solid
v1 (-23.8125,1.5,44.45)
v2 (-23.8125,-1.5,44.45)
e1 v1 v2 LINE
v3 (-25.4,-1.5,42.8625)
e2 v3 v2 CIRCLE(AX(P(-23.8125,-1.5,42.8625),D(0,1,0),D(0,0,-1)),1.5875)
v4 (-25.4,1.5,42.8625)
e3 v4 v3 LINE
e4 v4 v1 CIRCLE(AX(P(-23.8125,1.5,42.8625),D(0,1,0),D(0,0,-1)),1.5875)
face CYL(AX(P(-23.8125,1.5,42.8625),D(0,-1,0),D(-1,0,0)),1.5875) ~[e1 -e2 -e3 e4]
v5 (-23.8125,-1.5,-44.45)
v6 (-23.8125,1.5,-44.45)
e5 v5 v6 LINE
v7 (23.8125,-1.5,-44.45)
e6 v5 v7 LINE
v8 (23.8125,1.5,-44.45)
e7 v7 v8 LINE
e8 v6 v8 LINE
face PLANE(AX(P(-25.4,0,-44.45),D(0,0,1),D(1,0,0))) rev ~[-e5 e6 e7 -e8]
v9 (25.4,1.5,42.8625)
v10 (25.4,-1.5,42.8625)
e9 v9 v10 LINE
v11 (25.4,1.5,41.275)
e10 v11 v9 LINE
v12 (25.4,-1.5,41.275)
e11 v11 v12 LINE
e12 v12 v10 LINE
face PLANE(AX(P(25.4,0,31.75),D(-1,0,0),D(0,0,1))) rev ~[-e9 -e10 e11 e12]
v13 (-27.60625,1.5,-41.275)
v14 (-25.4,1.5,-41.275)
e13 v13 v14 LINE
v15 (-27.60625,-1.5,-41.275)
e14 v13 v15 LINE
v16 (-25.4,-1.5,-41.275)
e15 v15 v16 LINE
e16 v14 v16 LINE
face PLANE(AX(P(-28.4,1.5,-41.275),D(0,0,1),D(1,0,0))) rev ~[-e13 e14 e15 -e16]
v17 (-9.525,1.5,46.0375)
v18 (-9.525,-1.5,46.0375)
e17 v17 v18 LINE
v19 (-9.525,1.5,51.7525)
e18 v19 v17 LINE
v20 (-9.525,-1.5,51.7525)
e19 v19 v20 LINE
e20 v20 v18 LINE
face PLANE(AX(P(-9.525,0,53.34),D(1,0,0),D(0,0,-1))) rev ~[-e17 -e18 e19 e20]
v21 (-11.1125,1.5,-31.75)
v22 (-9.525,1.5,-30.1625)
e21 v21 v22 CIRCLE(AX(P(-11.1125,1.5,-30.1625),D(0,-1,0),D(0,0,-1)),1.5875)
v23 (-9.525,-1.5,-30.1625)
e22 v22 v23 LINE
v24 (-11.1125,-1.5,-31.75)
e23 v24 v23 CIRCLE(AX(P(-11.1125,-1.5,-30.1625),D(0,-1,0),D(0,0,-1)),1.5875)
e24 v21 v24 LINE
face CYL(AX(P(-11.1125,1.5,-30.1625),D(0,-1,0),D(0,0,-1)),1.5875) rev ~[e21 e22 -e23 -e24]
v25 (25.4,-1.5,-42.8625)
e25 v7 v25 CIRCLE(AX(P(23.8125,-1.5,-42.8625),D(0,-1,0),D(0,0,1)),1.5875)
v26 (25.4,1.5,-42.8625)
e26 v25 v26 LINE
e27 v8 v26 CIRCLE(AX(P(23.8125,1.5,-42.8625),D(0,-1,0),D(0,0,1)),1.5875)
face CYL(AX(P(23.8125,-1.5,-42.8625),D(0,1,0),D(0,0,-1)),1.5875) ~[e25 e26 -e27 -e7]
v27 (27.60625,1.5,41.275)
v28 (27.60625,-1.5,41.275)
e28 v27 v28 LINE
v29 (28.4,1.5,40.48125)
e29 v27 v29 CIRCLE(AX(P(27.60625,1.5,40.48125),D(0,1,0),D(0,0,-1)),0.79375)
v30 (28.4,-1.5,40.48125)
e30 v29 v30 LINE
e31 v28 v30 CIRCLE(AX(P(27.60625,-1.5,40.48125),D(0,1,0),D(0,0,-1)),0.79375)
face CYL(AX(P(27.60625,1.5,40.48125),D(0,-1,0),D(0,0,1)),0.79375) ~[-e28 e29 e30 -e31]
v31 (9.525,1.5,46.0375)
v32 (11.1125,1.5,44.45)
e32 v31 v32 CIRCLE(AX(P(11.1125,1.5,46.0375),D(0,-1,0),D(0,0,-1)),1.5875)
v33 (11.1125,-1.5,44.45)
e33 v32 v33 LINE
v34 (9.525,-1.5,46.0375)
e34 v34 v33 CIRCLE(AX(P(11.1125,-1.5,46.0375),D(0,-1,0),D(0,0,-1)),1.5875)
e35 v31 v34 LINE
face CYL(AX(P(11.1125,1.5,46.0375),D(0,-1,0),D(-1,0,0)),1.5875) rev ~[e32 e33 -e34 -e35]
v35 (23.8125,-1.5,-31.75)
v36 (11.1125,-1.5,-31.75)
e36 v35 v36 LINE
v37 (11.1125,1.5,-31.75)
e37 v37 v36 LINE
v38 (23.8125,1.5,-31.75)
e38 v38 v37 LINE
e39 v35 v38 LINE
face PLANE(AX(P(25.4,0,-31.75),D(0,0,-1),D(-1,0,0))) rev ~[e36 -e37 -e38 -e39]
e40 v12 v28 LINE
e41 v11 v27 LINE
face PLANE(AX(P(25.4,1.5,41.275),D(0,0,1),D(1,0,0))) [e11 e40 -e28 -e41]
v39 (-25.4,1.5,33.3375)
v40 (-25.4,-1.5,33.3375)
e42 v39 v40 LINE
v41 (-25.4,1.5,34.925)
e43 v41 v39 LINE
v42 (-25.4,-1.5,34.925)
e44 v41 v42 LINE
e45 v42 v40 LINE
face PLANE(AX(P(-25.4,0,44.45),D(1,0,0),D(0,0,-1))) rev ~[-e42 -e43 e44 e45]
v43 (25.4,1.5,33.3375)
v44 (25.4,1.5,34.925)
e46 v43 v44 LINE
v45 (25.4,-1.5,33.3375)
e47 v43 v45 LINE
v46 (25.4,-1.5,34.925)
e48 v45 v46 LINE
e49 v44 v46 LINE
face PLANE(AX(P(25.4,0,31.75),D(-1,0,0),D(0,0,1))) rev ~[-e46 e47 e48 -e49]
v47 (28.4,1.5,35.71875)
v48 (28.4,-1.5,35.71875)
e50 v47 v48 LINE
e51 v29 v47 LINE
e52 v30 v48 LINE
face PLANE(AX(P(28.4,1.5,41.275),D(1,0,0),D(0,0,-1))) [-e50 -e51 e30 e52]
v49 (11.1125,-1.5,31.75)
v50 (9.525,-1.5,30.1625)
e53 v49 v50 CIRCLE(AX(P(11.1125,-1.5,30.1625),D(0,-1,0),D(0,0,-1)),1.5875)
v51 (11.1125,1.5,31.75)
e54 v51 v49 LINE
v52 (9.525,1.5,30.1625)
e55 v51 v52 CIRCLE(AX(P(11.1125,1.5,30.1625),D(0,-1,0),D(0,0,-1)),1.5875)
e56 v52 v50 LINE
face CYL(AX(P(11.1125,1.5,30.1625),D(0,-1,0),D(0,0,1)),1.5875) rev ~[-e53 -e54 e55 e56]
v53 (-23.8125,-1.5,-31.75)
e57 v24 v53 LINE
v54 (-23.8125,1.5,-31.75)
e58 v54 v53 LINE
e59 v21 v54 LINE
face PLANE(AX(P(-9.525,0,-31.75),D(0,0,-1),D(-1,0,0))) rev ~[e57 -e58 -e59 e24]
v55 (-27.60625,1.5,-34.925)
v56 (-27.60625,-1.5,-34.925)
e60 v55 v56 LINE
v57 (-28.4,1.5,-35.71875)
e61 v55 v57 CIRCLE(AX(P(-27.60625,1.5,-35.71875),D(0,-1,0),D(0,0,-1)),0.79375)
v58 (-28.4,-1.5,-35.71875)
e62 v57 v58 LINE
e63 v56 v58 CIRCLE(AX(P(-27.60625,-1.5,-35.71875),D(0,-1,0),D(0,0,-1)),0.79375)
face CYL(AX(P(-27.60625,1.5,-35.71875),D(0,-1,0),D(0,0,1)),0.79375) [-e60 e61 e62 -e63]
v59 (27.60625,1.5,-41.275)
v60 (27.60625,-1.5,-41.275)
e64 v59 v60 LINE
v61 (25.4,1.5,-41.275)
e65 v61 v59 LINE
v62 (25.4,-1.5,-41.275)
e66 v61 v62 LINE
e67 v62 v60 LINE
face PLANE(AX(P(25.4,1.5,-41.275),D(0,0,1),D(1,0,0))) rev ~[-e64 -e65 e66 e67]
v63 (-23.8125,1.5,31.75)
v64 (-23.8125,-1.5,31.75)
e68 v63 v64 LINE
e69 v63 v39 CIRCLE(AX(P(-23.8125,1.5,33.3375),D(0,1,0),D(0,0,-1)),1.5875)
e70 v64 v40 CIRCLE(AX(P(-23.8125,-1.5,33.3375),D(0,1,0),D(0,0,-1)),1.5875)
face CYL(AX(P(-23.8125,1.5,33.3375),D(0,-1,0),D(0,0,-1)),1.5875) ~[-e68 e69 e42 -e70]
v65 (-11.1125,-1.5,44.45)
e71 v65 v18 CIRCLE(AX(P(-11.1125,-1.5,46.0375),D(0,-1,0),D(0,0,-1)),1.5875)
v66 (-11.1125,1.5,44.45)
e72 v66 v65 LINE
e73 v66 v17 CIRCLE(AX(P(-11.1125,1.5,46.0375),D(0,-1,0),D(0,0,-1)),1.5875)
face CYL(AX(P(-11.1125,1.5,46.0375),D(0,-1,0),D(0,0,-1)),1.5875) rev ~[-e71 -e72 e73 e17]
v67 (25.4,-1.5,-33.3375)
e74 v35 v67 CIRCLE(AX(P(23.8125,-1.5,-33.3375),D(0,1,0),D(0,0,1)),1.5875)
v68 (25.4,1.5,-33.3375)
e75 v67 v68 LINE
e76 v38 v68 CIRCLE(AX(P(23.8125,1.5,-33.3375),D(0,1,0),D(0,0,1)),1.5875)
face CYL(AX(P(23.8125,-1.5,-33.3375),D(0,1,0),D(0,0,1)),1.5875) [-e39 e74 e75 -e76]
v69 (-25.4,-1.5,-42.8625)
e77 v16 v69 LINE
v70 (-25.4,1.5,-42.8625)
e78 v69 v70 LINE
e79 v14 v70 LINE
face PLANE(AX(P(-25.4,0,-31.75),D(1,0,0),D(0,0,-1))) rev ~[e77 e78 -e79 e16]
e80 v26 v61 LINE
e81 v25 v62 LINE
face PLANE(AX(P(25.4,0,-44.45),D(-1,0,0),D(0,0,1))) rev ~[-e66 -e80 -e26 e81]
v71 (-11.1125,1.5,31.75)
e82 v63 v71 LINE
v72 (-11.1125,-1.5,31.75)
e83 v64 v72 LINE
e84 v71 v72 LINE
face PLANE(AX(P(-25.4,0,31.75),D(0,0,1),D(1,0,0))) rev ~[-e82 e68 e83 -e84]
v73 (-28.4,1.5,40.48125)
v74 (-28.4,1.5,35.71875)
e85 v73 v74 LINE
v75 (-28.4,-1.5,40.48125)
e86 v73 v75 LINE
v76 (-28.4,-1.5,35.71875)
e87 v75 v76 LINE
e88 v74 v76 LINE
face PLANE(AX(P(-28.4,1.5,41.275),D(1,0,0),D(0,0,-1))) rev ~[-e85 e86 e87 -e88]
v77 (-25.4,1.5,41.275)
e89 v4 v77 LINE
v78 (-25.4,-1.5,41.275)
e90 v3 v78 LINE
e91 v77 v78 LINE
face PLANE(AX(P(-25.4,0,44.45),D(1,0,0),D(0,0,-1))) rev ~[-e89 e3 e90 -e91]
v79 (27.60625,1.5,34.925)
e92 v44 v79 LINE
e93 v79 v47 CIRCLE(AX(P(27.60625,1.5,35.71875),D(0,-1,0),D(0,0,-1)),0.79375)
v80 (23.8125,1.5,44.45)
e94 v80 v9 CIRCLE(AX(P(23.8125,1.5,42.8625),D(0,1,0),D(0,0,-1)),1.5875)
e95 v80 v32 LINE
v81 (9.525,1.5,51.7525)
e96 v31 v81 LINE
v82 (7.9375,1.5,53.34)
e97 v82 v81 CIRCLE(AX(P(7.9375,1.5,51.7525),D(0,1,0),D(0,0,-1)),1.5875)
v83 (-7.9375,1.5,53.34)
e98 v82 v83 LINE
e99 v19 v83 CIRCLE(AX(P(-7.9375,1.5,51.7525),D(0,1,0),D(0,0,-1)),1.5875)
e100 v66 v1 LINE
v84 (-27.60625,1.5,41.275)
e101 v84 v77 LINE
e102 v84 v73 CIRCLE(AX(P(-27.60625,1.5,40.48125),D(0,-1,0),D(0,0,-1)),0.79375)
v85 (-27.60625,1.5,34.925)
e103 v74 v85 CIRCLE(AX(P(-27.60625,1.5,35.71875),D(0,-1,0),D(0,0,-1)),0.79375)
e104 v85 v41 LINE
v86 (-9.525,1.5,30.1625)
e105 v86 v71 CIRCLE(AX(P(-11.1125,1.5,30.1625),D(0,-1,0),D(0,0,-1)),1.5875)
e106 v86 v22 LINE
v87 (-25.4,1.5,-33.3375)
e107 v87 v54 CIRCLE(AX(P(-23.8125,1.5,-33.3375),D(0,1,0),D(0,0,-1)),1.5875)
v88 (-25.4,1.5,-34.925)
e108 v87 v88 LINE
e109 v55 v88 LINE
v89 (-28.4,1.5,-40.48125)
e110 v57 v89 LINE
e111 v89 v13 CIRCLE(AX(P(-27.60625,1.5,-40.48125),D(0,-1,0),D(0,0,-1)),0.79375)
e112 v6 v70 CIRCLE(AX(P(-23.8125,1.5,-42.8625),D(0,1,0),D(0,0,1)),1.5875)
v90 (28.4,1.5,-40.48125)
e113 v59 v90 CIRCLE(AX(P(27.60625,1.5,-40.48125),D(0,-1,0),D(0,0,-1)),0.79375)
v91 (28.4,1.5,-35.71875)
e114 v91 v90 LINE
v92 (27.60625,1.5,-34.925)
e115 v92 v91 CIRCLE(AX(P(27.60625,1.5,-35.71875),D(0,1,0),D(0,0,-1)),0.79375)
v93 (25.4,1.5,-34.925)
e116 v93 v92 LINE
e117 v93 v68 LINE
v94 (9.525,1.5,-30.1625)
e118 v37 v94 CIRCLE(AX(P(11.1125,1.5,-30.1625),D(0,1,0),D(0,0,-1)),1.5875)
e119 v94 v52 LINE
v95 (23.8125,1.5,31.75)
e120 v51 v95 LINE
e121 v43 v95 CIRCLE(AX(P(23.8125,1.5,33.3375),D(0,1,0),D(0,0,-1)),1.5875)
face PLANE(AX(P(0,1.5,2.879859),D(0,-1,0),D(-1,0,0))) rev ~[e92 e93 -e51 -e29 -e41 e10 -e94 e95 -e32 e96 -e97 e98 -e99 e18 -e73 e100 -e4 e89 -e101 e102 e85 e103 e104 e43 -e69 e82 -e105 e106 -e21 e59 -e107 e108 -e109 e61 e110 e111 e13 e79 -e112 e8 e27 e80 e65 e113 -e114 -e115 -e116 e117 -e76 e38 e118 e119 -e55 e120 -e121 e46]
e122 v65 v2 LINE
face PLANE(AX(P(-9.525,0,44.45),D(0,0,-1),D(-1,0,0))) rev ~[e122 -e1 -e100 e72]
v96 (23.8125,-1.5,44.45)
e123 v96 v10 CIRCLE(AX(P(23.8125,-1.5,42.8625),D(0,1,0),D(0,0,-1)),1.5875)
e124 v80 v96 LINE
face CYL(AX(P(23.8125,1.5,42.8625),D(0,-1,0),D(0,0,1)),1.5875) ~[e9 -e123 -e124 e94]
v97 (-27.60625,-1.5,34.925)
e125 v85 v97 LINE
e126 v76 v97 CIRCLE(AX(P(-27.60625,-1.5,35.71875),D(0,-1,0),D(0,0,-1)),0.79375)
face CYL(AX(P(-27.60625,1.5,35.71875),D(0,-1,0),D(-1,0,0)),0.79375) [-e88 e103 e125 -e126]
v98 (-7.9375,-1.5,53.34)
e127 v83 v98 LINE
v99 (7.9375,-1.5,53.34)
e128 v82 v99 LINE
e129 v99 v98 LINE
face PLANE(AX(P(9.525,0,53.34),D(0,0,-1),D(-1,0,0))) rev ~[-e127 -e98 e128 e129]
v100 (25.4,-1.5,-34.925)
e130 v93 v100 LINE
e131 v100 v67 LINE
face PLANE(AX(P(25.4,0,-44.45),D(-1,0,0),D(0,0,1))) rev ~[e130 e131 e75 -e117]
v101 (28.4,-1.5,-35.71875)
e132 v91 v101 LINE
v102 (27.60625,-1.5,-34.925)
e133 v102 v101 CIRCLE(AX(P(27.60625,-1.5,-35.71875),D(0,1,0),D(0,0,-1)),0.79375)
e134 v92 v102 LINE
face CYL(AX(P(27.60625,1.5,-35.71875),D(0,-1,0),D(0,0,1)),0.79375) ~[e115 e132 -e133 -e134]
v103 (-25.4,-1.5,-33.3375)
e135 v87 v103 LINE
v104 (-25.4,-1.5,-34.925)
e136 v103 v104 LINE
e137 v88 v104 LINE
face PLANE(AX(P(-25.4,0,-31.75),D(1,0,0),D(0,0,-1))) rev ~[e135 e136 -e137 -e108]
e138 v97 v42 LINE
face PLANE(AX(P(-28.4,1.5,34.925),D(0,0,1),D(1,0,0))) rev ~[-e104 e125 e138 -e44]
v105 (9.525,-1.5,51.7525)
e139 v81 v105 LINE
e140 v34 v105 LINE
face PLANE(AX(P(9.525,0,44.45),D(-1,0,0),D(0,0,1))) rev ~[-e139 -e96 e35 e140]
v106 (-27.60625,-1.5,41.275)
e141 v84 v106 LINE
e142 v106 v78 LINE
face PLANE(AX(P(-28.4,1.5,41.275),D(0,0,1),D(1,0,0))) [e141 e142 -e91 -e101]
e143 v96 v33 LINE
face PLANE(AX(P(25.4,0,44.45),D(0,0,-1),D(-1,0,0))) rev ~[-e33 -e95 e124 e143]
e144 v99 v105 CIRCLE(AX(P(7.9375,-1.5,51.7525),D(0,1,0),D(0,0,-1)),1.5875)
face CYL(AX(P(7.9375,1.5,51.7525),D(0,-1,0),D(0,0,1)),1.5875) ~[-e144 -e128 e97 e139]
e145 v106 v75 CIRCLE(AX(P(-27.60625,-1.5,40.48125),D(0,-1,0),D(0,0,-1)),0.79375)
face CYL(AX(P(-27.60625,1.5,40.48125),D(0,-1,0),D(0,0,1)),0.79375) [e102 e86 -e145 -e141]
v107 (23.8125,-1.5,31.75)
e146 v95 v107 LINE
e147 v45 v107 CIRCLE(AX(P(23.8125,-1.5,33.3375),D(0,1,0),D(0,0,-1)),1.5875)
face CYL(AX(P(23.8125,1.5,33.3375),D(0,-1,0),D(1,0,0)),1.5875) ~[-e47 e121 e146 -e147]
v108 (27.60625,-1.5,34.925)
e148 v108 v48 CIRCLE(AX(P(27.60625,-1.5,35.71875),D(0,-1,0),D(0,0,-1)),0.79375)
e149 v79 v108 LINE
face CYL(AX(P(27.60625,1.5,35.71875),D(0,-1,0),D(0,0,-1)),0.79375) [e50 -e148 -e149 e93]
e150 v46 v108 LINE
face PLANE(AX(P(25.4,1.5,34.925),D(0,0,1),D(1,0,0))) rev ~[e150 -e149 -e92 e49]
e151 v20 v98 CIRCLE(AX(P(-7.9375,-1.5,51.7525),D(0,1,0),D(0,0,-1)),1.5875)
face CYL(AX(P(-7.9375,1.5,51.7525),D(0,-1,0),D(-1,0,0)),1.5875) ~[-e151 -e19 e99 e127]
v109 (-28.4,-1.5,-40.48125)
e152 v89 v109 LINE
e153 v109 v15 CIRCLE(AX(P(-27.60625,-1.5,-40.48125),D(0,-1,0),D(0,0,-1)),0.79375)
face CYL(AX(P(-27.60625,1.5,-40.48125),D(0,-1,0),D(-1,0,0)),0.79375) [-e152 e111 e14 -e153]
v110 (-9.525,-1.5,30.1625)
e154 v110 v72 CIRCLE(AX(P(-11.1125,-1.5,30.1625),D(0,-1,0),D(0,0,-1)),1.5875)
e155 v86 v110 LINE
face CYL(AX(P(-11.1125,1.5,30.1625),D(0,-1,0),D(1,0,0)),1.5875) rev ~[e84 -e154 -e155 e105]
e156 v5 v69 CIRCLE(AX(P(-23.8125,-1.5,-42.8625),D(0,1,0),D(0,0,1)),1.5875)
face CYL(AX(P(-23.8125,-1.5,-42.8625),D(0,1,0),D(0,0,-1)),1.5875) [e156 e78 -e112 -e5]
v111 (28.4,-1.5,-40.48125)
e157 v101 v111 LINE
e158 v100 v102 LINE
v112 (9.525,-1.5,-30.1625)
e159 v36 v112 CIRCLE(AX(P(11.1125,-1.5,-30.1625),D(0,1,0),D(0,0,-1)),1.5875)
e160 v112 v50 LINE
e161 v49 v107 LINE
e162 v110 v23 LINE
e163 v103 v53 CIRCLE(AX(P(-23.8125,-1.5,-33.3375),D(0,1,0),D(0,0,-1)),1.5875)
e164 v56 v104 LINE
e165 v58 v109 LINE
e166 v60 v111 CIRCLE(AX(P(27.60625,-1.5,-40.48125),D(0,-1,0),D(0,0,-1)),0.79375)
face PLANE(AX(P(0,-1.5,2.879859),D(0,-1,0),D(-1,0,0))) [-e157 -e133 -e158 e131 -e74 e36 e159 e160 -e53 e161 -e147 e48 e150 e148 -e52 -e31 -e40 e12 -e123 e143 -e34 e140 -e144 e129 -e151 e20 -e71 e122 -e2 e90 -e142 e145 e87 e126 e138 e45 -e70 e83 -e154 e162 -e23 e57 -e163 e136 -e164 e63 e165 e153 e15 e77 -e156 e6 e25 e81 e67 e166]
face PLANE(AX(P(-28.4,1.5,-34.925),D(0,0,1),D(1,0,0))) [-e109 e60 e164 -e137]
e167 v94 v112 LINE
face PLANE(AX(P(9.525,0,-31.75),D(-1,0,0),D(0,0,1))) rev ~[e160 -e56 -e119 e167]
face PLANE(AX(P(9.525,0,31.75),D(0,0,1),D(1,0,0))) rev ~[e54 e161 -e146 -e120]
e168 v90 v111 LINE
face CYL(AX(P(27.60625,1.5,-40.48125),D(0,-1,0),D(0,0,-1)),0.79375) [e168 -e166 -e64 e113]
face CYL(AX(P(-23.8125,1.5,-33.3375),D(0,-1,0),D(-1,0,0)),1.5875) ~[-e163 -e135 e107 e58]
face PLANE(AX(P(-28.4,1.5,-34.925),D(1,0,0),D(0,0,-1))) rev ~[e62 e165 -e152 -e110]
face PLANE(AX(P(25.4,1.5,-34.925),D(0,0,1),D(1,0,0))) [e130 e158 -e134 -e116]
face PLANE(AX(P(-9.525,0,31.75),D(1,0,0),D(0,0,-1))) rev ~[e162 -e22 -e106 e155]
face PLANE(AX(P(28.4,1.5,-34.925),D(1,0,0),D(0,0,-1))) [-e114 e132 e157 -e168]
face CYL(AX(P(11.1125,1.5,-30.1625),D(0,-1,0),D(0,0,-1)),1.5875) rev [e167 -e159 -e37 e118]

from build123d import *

# Parameters (mm, degrees)
BOSS_EXTRUDE1_DEPTH = 1.5
FILLET1_R           = 1.5875
SKETCH2_W           = 3
SKETCH2_H           = 6.35
BOSS_EXTRUDE2_DEPTH = 3
FILLET2_R           = 0.79375


with BuildPart() as part:
    # Sketch1 → Boss-Extrude1 (new, symmetric)
    with BuildSketch(Plane(origin=(0, 0, 0), x_dir=(1, 0, 0), z_dir=(0, 1, 0))):
        Polygon((25.4, 31.75), (9.525, 31.75), (9.525, -31.75), (25.4, -31.75), (25.4, -44.45), (9.525, -44.45), (9.525, -53.34), (-9.525, -53.34), (-9.525, -44.45), (-25.4, -44.45), (-25.4, -31.75), (-9.525, -31.75), (-9.525, 31.75), (-25.4, 31.75), (-25.4, 44.45), (25.4, 44.45), align=None)
    extrude(amount=BOSS_EXTRUDE1_DEPTH, both=True)

    # Fillet1
    fillet1_edges = [part.edges().sort_by_distance(p)[0] for p in [
        (25.4, 0, -44.45),
        (25.4, 0, -31.75),
        (9.525, 0, -31.75),
        (9.525, 0, 31.75),
        (25.4, 0, 31.75),
        (25.4, 0, 44.45),
        (9.525, 0, 44.45),
        (9.525, 0, 53.34),
        (-9.525, 0, 53.34),
        (-9.525, 0, 44.45),
        (-25.4, 0, 44.45),
        (-25.4, 0, 31.75),
        (-9.525, 0, 31.75),
        (-9.525, 0, -31.75),
        (-25.4, 0, -31.75),
        (-25.4, 0, -44.45),
    ]]
    fillet(fillet1_edges, radius=FILLET1_R)

    # Sketch2 → Boss-Extrude2 (add)
    with BuildSketch(Plane(origin=(0, 1.5, 0), x_dir=(1, 0, 0), z_dir=(0, 1, 0))):
        with Locations((-26.9, 38.1)):
            Rectangle(SKETCH2_W, SKETCH2_H)
        with Locations((26.9, 38.1)):
            Rectangle(SKETCH2_W, SKETCH2_H)
        with Locations((26.9, -38.1)):
            Rectangle(SKETCH2_W, SKETCH2_H)
        with Locations((-26.9, -38.1)):
            Rectangle(SKETCH2_W, SKETCH2_H)
    extrude(amount=-BOSS_EXTRUDE2_DEPTH)

    # Fillet2
    fillet2_edges = [part.edges().sort_by_distance(p)[0] for p in [
        (-28.4, 0, 41.275),
        (-28.4, 0, 34.925),
        (28.4, 0, 34.925),
        (28.4, 0, 41.275),
        (28.4, 0, -41.275),
        (28.4, 0, -34.925),
        (-28.4, 0, -34.925),
        (-28.4, 0, -41.275),
    ]]
    fillet(fillet2_edges, radius=FILLET2_R)


solid = part.part
